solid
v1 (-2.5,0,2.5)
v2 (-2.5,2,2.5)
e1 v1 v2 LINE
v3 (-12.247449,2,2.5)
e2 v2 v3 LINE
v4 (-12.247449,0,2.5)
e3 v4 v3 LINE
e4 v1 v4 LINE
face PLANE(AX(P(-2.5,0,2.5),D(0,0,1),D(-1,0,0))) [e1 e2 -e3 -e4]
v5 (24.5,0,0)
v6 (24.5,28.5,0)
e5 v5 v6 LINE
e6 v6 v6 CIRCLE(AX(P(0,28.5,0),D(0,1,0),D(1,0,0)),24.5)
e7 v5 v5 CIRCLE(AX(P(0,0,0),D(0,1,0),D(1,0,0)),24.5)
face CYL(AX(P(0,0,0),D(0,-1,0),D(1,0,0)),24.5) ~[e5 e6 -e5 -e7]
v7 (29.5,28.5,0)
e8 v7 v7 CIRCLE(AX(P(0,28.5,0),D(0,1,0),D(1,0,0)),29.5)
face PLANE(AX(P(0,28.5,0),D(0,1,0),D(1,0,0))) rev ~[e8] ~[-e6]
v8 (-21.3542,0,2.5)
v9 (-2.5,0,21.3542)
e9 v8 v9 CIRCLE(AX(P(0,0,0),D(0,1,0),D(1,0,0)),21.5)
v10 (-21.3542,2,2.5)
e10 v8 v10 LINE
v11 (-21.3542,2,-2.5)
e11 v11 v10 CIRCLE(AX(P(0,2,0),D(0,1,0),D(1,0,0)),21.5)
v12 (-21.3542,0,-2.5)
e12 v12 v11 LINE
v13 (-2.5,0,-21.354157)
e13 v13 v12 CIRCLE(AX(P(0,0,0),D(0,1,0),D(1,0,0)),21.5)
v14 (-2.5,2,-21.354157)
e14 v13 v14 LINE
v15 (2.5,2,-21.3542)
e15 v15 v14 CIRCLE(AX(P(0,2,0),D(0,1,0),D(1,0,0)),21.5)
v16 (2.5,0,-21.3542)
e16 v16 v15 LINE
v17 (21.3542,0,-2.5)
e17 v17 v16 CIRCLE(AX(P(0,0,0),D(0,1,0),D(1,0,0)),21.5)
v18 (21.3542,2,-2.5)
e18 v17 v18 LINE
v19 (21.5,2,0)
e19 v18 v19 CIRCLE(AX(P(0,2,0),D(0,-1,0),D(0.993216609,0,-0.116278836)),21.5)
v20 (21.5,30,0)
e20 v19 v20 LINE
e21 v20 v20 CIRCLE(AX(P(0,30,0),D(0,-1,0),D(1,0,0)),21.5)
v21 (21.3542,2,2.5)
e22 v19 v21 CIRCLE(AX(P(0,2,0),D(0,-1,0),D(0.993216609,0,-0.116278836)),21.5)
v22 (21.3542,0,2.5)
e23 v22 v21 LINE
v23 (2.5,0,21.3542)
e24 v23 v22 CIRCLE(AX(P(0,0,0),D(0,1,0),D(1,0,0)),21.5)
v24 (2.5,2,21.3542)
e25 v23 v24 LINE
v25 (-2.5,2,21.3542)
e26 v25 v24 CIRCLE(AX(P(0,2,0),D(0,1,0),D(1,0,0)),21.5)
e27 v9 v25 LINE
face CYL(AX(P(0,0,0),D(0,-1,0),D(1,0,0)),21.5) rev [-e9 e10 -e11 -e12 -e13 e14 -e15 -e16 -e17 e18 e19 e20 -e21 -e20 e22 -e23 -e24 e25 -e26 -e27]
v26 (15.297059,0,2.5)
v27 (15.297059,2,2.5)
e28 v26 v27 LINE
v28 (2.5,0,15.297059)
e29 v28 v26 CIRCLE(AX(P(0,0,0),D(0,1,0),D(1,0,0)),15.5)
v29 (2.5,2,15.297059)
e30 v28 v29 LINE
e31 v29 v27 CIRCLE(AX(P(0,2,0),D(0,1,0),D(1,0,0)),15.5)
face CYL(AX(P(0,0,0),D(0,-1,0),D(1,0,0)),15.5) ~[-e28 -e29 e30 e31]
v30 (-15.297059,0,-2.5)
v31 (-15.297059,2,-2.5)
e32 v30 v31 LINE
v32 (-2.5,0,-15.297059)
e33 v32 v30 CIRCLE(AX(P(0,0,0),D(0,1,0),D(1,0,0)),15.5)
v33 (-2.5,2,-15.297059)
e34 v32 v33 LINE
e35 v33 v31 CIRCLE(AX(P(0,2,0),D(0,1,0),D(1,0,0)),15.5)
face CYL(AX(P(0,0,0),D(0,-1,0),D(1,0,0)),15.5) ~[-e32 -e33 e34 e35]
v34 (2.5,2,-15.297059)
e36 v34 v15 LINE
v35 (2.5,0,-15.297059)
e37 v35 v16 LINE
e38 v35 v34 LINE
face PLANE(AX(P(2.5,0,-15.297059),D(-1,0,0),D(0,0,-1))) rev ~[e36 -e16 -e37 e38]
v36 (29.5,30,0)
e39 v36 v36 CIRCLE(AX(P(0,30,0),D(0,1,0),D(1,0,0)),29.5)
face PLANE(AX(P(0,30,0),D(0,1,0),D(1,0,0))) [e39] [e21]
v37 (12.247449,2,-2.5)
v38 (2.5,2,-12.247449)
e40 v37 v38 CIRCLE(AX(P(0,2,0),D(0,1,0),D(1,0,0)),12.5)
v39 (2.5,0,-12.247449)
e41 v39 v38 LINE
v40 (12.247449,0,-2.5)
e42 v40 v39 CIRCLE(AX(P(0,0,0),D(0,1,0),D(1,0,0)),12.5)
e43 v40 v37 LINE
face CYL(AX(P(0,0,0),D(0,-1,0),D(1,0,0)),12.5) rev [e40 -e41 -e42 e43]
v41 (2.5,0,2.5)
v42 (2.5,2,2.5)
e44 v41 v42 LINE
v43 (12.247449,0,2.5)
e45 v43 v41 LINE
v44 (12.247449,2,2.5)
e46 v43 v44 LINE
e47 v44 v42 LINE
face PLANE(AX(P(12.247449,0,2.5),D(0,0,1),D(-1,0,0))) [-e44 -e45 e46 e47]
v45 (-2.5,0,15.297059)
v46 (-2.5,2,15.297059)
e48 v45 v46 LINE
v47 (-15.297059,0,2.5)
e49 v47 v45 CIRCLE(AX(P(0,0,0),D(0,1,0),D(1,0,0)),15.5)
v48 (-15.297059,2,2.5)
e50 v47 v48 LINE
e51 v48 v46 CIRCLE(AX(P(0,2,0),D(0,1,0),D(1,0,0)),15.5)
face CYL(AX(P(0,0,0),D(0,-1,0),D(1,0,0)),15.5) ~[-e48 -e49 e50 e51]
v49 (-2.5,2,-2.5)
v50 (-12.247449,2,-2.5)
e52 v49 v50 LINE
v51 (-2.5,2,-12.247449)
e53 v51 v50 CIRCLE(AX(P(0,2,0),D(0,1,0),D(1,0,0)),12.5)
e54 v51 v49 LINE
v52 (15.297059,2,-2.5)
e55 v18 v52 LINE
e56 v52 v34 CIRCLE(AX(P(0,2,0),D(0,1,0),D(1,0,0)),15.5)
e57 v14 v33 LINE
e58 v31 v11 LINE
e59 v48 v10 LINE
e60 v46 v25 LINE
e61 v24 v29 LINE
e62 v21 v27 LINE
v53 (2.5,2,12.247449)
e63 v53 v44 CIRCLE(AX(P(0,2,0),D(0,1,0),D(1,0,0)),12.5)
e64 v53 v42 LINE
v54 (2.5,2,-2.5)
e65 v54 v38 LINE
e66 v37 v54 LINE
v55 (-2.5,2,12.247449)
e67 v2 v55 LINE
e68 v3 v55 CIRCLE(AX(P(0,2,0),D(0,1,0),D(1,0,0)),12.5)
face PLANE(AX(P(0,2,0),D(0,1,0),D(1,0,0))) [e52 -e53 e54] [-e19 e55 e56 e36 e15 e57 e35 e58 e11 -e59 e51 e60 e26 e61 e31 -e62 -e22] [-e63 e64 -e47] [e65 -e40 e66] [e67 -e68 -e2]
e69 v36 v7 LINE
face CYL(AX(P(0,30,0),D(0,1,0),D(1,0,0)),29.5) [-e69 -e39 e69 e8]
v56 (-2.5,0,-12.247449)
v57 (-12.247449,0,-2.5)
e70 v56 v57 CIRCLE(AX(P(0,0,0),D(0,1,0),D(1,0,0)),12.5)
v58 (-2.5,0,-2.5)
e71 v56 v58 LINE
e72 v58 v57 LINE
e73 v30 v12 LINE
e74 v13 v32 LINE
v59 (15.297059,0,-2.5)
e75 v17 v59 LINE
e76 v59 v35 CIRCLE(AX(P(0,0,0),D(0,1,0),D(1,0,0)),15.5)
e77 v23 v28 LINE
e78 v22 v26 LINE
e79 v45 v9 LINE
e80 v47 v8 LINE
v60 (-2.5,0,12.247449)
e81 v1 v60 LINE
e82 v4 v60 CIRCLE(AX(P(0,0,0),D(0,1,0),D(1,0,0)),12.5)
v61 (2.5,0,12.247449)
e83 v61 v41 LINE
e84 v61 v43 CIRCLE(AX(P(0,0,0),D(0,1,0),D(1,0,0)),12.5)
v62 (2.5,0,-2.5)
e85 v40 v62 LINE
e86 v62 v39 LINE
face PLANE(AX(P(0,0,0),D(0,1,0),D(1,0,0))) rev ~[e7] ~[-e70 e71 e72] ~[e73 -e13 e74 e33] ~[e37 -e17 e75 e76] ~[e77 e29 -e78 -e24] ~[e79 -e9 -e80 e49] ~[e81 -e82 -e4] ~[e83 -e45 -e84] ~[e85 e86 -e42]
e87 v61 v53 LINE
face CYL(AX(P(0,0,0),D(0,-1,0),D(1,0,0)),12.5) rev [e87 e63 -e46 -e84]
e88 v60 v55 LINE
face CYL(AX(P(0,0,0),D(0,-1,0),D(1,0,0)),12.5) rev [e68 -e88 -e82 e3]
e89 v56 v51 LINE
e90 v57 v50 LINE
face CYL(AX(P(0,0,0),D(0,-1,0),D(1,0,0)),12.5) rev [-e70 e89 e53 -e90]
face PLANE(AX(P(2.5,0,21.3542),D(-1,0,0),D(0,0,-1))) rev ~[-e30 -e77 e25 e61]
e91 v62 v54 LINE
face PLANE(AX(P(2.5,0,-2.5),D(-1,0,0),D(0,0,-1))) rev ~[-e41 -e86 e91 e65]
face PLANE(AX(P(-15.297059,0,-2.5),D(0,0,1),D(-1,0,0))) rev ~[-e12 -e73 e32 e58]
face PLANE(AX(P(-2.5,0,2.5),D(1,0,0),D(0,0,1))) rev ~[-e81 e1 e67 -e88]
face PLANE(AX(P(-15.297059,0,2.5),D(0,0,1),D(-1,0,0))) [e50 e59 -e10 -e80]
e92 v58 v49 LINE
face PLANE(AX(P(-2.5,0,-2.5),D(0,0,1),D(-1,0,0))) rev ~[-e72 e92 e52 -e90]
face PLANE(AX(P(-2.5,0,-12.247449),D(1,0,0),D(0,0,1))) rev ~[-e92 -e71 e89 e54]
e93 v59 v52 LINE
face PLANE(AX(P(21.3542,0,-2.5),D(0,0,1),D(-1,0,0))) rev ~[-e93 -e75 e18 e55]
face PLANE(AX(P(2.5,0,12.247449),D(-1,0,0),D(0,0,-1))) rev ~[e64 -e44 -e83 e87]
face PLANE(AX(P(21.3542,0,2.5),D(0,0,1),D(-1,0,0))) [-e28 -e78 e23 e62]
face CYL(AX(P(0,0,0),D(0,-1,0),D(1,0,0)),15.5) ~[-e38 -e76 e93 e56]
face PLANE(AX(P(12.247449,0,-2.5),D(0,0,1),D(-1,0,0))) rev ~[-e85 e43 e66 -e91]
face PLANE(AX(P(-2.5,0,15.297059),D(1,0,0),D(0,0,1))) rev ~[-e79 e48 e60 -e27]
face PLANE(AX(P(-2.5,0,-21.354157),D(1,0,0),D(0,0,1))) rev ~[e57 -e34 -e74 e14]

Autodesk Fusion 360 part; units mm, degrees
sketch "スケッチ1" plane through (0, 0, 0) normal (0, 1, 0) x (1, 0, 0)
  line L0 (115.8209, 0) -> (-126.022, 0) construction
  line L1 (0, -92.6498) -> (0, 100.0832) construction
  circle A0 centre (0, 0) radius 24.5
  circle A1 centre (0, 0) radius 29.5
  circle A2 centre (0, 0) radius 21.5
  line L2 (21.3542, -2.5) -> (-21.3542, -2.5)
  line L3 (21.3542, 2.5) -> (-21.3542, 2.5)
  line L4 (2.5, -21.3542) -> (2.5, 21.3542)
  line L5 (-2.5, 21.4531) -> (-2.5, -21.3542)
  circle A3 centre (0, 0) radius 12.5
  circle A4 centre (0, 0) radius 15.5
  dimension "d1" = 49
  dimension "d2" = 59
  dimension "d3" = 43
  dimension "d4" = 2.5
  dimension "d5" = 2.5
  dimension "d6" = 2.5
  dimension "d7" = 2.5
  dimension "d8" = 25
  dimension "d9" = 31
extrude "押し出し1" add sketch "スケッチ1" along normal blind 2 contours A2 L2 L3 A4 | A2 L4 L5 A4 | L2 L3 A3 A4 | L3 L4 A3 A4 | A2 L4 L5 A4 | L2 L4 A3 A4 | L4 L5 A3 A4 | L2 L3 L4 A3 | L4 L5 A3 A4 | A2 L2 L3 A4 | L3 L5 A3 A4 | L3 L4 L5 A3 | L2 L3 L4 L5 | L2 L5 A3 A4 | L2 L4 L5 A3 | L2 L3 A3 A4 | L2 L3 L5 A3
extrude "押し出し2" add sketch "スケッチ1" along normal blind 30 contours A0
extrude "押し出し3" add sketch "スケッチ1" against normal blind 1.5 from surface at 30 contours A1
